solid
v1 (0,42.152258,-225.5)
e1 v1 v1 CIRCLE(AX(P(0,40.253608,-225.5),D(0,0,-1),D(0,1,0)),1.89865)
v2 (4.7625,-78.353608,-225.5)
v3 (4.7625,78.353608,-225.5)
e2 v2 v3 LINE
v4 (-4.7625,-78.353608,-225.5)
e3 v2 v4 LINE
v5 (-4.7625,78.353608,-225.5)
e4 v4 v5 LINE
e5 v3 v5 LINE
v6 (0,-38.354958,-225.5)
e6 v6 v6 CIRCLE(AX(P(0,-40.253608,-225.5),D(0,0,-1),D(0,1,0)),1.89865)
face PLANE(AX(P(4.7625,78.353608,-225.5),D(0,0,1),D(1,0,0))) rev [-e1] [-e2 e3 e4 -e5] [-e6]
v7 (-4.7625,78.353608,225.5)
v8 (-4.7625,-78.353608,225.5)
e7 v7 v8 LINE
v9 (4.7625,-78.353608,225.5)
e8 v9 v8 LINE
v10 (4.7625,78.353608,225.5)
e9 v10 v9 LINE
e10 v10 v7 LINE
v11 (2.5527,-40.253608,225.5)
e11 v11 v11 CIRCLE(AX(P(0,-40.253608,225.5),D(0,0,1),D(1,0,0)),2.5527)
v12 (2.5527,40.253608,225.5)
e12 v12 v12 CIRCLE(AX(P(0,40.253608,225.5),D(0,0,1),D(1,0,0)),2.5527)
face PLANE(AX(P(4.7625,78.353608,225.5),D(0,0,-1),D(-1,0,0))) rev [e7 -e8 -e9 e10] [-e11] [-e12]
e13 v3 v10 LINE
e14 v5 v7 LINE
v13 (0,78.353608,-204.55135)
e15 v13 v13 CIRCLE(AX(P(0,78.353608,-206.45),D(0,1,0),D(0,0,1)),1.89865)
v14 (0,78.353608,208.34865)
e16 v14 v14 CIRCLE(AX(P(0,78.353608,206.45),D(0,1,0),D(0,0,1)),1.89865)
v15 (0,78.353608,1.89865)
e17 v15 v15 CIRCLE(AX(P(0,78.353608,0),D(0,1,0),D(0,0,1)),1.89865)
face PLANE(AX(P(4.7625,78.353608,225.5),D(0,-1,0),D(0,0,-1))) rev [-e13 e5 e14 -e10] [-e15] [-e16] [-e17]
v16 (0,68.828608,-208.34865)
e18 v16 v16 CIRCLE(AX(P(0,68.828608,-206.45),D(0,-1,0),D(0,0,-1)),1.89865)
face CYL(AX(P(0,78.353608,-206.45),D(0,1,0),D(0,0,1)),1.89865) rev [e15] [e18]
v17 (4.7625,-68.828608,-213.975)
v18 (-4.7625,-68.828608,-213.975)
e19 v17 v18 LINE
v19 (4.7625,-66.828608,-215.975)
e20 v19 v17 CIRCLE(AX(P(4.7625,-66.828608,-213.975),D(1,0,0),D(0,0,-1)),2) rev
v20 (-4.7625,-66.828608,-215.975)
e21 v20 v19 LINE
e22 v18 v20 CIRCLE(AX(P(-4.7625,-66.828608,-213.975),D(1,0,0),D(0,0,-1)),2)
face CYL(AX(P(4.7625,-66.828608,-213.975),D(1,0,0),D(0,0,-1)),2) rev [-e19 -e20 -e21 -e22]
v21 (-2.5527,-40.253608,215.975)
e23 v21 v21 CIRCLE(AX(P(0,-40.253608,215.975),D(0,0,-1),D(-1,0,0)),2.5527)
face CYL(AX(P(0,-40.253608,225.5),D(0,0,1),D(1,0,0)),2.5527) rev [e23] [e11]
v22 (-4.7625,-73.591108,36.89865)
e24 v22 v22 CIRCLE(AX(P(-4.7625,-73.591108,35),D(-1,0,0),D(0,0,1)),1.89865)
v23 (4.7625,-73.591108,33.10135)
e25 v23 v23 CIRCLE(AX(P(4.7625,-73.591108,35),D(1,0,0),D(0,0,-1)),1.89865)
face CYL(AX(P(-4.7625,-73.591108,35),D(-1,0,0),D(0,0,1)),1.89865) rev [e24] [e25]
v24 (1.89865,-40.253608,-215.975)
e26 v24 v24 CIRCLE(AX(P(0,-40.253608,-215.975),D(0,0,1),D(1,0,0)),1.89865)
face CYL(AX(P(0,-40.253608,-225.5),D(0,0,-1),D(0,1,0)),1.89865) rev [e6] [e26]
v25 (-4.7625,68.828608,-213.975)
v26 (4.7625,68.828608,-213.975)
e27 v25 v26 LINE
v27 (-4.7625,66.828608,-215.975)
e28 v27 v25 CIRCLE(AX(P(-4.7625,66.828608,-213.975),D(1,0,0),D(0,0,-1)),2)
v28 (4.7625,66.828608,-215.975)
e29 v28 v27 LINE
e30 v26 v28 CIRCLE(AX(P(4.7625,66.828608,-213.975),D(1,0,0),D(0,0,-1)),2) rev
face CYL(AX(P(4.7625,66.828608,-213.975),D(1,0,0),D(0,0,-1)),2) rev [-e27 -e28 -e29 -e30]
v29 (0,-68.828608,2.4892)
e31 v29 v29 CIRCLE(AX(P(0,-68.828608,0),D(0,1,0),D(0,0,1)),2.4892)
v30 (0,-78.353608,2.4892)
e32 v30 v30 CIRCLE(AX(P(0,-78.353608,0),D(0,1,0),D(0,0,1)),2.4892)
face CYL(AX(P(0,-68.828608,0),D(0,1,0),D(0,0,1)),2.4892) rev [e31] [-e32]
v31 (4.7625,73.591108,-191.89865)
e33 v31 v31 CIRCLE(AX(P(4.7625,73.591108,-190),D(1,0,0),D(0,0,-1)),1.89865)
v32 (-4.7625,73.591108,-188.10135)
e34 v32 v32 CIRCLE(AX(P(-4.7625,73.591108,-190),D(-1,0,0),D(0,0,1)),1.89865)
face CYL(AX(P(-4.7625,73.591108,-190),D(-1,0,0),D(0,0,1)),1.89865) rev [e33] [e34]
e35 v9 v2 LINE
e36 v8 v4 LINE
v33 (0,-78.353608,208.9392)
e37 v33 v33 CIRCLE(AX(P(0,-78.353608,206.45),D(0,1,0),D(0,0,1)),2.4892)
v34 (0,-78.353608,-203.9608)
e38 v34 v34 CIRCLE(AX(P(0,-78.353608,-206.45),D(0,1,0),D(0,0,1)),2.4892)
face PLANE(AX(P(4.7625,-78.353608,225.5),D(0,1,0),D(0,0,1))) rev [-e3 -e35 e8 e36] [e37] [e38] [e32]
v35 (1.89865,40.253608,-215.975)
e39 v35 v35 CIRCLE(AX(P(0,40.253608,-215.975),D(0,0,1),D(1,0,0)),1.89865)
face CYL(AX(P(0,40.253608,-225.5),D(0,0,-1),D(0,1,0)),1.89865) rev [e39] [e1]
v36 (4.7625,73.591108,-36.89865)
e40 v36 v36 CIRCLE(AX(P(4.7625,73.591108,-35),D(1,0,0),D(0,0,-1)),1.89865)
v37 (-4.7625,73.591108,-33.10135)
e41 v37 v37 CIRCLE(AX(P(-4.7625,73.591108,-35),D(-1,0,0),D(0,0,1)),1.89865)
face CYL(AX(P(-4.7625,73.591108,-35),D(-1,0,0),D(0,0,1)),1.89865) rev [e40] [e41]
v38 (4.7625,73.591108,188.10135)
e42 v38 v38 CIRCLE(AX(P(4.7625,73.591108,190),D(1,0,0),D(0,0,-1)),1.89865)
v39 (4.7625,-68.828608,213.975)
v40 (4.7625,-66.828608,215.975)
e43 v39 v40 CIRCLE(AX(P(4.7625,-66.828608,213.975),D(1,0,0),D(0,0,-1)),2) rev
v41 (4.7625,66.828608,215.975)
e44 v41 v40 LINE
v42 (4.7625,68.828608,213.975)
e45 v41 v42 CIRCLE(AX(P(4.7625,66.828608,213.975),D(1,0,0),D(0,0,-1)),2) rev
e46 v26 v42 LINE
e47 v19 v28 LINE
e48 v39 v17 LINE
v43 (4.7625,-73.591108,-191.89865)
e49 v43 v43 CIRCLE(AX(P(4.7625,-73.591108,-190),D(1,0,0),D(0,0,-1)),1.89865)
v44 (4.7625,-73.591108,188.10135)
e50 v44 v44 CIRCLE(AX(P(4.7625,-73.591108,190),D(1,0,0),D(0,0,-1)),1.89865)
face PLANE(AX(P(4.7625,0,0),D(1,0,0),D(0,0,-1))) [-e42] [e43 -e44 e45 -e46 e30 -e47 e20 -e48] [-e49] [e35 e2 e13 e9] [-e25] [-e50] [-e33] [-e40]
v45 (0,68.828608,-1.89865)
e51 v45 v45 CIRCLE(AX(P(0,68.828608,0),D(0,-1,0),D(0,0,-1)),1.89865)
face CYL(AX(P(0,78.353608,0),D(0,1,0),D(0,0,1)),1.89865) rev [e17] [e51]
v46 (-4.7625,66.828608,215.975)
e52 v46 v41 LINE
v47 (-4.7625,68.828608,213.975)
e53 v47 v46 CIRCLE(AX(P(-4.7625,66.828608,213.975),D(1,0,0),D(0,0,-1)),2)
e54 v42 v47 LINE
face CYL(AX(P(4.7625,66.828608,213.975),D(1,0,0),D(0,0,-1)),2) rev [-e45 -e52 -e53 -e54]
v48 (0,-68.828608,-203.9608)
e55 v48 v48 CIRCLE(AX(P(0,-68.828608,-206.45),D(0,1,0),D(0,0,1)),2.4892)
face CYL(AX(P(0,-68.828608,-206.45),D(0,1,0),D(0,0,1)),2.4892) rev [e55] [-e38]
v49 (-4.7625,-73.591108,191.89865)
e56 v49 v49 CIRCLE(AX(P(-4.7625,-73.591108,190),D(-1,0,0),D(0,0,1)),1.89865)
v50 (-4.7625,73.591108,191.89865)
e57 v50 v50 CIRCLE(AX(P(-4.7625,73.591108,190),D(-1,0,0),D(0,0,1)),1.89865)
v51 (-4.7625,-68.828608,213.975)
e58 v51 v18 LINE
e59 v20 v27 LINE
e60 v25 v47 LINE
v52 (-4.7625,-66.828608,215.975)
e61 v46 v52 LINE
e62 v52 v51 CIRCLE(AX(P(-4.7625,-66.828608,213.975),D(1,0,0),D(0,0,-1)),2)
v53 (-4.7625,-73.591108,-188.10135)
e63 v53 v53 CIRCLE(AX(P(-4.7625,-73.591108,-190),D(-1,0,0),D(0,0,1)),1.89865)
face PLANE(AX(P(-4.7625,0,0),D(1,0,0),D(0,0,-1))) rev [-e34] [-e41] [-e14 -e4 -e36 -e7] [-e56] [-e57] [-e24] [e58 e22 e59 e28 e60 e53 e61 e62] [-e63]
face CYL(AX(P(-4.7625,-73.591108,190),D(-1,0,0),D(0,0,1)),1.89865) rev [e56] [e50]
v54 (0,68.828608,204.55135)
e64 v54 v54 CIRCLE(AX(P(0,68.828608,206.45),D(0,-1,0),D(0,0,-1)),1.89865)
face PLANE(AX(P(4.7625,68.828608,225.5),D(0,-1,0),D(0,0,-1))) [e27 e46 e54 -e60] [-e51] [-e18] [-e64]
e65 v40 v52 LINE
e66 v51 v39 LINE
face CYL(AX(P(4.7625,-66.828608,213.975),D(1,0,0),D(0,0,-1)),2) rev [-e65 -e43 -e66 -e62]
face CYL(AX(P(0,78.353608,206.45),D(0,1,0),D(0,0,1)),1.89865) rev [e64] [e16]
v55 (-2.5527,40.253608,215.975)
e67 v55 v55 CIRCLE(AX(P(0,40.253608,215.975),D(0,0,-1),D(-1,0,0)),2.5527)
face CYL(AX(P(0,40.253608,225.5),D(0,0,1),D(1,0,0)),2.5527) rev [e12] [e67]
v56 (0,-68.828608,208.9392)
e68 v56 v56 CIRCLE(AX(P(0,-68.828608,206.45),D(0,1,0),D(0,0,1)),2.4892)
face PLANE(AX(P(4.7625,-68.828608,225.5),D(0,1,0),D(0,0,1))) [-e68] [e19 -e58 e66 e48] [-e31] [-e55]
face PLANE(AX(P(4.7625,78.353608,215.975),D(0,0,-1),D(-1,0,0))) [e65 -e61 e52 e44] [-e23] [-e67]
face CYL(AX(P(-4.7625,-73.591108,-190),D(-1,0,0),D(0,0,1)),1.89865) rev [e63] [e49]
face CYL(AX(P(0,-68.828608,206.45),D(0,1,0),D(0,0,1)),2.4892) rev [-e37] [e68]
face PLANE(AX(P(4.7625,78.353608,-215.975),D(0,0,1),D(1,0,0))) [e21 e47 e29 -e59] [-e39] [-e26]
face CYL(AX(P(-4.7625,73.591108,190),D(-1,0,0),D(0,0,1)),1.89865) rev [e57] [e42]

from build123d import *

# Parameters (mm, degrees)
SKETCH1_W                  = 451
SKETCH1_H                  = 156.7072167
SKETCH1_W_2                = 431.95
SKETCH1_H_2                = 137.6572167
EXTRUDE_THIN1_DEPTH        = 4.7625
FILLET1_R                  = 2
F_10_CLEARANCE_HOLE1_D     = 4.9784
F_10_CLEARANCE_HOLE1_DEPTH = 9.525
F_10_24_TAPPED_HOLE1_D     = 3.7973
F_10_24_TAPPED_HOLE1_DEPTH = 250.46
F_10_24_TAPPED_HOLE1_TIP   = 1.140824014
F_10_CLEARANCE_HOLE2_D     = 5.1054
F_10_CLEARANCE_HOLE2_DEPTH = 20
F_10_CLEARANCE_HOLE2_TIP   = 1.533816902
F_10_24_TAPPED_HOLE2_D     = 3.7973
F_10_24_TAPPED_HOLE2_DEPTH = 14.95
F_10_24_TAPPED_HOLE2_TIP   = 1.140824014
F_10_24_TAPPED_HOLE3_D     = 3.7973
F_10_24_TAPPED_HOLE3_DEPTH = 14.95
F_10_24_TAPPED_HOLE3_TIP   = 1.140824014


with BuildPart() as part:
    # Sketch1 → Extrude-Thin1 (new body, symmetric)
    with BuildSketch(Plane(origin=(0, 0, 0), x_dir=(0, 0, -1), z_dir=(1, 0, 0))):
        Rectangle(SKETCH1_W, SKETCH1_H)
        Rectangle(SKETCH1_W_2, SKETCH1_H_2, mode=Mode.SUBTRACT)
    extrude(amount=EXTRUDE_THIN1_DEPTH, both=True)

    # Fillet1
    fillet1_edges = [part.edges().sort_by_distance(p)[0] for p in [
        (0, 68.82860835, 215.975),
        (0, -68.82860835, 215.975),
        (0, -68.82860835, -215.975),
        (0, 68.82860835, -215.975),
    ]]
    fillet(fillet1_edges, radius=FILLET1_R)

    # #10 Clearance Hole1
    with Locations(Plane(origin=(0, -68.82860835, 0), x_dir=(1, 0, 0), z_dir=(0, 1, 0))):
        with Locations((0, 206.45), (0, 0), (0, -206.45)):
            Hole(F_10_CLEARANCE_HOLE1_D / 2, depth=F_10_CLEARANCE_HOLE1_DEPTH)

    # #10-24 Tapped Hole1
    with Locations(Plane(origin=(0, 0, -225.5), x_dir=(-1, 0, 0), z_dir=(0, 0, -1))):
        with Locations((0, 40.25360835), (0, -40.25360835)):
            Hole(F_10_24_TAPPED_HOLE1_D / 2, depth=F_10_24_TAPPED_HOLE1_DEPTH)
            with Locations((0, 0, -(F_10_24_TAPPED_HOLE1_DEPTH + F_10_24_TAPPED_HOLE1_TIP / 2))):  # 118° drill point
                Cone(0, F_10_24_TAPPED_HOLE1_D / 2, F_10_24_TAPPED_HOLE1_TIP, mode=Mode.SUBTRACT)

    # #10 Clearance Hole2
    with Locations(Plane.XY.offset(225.5)):
        with Locations((0, 40.25360835), (0, -40.25360835)):
            Hole(F_10_CLEARANCE_HOLE2_D / 2, depth=F_10_CLEARANCE_HOLE2_DEPTH)
            with Locations((0, 0, -(F_10_CLEARANCE_HOLE2_DEPTH + F_10_CLEARANCE_HOLE2_TIP / 2))):  # 118° drill point
                Cone(0, F_10_CLEARANCE_HOLE2_D / 2, F_10_CLEARANCE_HOLE2_TIP, mode=Mode.SUBTRACT)

    # #10-24 Tapped Hole2
    with Locations(Plane.ZY.offset(4.7625)):
        with Locations((-190, 73.59110835), (-35, 73.59110835), (-190, -73.59110835), (35, -73.59110835), (190, -73.59110835), (190, 73.59110835)):
            Hole(F_10_24_TAPPED_HOLE2_D / 2, depth=F_10_24_TAPPED_HOLE2_DEPTH)
            with Locations((0, 0, -(F_10_24_TAPPED_HOLE2_DEPTH + F_10_24_TAPPED_HOLE2_TIP / 2))):  # 118° drill point
                Cone(0, F_10_24_TAPPED_HOLE2_D / 2, F_10_24_TAPPED_HOLE2_TIP, mode=Mode.SUBTRACT)

    # #10-24 Tapped Hole3
    with Locations(Plane(origin=(0, 78.35360835, 0), x_dir=(1, 0, 0), z_dir=(0, 1, 0))):
        with Locations((0, 206.45), (0, 0), (0, -206.45)):
            Hole(F_10_24_TAPPED_HOLE3_D / 2, depth=F_10_24_TAPPED_HOLE3_DEPTH)
            with Locations((0, 0, -(F_10_24_TAPPED_HOLE3_DEPTH + F_10_24_TAPPED_HOLE3_TIP / 2))):  # 118° drill point
                Cone(0, F_10_24_TAPPED_HOLE3_D / 2, F_10_24_TAPPED_HOLE3_TIP, mode=Mode.SUBTRACT)


solid = part.part
